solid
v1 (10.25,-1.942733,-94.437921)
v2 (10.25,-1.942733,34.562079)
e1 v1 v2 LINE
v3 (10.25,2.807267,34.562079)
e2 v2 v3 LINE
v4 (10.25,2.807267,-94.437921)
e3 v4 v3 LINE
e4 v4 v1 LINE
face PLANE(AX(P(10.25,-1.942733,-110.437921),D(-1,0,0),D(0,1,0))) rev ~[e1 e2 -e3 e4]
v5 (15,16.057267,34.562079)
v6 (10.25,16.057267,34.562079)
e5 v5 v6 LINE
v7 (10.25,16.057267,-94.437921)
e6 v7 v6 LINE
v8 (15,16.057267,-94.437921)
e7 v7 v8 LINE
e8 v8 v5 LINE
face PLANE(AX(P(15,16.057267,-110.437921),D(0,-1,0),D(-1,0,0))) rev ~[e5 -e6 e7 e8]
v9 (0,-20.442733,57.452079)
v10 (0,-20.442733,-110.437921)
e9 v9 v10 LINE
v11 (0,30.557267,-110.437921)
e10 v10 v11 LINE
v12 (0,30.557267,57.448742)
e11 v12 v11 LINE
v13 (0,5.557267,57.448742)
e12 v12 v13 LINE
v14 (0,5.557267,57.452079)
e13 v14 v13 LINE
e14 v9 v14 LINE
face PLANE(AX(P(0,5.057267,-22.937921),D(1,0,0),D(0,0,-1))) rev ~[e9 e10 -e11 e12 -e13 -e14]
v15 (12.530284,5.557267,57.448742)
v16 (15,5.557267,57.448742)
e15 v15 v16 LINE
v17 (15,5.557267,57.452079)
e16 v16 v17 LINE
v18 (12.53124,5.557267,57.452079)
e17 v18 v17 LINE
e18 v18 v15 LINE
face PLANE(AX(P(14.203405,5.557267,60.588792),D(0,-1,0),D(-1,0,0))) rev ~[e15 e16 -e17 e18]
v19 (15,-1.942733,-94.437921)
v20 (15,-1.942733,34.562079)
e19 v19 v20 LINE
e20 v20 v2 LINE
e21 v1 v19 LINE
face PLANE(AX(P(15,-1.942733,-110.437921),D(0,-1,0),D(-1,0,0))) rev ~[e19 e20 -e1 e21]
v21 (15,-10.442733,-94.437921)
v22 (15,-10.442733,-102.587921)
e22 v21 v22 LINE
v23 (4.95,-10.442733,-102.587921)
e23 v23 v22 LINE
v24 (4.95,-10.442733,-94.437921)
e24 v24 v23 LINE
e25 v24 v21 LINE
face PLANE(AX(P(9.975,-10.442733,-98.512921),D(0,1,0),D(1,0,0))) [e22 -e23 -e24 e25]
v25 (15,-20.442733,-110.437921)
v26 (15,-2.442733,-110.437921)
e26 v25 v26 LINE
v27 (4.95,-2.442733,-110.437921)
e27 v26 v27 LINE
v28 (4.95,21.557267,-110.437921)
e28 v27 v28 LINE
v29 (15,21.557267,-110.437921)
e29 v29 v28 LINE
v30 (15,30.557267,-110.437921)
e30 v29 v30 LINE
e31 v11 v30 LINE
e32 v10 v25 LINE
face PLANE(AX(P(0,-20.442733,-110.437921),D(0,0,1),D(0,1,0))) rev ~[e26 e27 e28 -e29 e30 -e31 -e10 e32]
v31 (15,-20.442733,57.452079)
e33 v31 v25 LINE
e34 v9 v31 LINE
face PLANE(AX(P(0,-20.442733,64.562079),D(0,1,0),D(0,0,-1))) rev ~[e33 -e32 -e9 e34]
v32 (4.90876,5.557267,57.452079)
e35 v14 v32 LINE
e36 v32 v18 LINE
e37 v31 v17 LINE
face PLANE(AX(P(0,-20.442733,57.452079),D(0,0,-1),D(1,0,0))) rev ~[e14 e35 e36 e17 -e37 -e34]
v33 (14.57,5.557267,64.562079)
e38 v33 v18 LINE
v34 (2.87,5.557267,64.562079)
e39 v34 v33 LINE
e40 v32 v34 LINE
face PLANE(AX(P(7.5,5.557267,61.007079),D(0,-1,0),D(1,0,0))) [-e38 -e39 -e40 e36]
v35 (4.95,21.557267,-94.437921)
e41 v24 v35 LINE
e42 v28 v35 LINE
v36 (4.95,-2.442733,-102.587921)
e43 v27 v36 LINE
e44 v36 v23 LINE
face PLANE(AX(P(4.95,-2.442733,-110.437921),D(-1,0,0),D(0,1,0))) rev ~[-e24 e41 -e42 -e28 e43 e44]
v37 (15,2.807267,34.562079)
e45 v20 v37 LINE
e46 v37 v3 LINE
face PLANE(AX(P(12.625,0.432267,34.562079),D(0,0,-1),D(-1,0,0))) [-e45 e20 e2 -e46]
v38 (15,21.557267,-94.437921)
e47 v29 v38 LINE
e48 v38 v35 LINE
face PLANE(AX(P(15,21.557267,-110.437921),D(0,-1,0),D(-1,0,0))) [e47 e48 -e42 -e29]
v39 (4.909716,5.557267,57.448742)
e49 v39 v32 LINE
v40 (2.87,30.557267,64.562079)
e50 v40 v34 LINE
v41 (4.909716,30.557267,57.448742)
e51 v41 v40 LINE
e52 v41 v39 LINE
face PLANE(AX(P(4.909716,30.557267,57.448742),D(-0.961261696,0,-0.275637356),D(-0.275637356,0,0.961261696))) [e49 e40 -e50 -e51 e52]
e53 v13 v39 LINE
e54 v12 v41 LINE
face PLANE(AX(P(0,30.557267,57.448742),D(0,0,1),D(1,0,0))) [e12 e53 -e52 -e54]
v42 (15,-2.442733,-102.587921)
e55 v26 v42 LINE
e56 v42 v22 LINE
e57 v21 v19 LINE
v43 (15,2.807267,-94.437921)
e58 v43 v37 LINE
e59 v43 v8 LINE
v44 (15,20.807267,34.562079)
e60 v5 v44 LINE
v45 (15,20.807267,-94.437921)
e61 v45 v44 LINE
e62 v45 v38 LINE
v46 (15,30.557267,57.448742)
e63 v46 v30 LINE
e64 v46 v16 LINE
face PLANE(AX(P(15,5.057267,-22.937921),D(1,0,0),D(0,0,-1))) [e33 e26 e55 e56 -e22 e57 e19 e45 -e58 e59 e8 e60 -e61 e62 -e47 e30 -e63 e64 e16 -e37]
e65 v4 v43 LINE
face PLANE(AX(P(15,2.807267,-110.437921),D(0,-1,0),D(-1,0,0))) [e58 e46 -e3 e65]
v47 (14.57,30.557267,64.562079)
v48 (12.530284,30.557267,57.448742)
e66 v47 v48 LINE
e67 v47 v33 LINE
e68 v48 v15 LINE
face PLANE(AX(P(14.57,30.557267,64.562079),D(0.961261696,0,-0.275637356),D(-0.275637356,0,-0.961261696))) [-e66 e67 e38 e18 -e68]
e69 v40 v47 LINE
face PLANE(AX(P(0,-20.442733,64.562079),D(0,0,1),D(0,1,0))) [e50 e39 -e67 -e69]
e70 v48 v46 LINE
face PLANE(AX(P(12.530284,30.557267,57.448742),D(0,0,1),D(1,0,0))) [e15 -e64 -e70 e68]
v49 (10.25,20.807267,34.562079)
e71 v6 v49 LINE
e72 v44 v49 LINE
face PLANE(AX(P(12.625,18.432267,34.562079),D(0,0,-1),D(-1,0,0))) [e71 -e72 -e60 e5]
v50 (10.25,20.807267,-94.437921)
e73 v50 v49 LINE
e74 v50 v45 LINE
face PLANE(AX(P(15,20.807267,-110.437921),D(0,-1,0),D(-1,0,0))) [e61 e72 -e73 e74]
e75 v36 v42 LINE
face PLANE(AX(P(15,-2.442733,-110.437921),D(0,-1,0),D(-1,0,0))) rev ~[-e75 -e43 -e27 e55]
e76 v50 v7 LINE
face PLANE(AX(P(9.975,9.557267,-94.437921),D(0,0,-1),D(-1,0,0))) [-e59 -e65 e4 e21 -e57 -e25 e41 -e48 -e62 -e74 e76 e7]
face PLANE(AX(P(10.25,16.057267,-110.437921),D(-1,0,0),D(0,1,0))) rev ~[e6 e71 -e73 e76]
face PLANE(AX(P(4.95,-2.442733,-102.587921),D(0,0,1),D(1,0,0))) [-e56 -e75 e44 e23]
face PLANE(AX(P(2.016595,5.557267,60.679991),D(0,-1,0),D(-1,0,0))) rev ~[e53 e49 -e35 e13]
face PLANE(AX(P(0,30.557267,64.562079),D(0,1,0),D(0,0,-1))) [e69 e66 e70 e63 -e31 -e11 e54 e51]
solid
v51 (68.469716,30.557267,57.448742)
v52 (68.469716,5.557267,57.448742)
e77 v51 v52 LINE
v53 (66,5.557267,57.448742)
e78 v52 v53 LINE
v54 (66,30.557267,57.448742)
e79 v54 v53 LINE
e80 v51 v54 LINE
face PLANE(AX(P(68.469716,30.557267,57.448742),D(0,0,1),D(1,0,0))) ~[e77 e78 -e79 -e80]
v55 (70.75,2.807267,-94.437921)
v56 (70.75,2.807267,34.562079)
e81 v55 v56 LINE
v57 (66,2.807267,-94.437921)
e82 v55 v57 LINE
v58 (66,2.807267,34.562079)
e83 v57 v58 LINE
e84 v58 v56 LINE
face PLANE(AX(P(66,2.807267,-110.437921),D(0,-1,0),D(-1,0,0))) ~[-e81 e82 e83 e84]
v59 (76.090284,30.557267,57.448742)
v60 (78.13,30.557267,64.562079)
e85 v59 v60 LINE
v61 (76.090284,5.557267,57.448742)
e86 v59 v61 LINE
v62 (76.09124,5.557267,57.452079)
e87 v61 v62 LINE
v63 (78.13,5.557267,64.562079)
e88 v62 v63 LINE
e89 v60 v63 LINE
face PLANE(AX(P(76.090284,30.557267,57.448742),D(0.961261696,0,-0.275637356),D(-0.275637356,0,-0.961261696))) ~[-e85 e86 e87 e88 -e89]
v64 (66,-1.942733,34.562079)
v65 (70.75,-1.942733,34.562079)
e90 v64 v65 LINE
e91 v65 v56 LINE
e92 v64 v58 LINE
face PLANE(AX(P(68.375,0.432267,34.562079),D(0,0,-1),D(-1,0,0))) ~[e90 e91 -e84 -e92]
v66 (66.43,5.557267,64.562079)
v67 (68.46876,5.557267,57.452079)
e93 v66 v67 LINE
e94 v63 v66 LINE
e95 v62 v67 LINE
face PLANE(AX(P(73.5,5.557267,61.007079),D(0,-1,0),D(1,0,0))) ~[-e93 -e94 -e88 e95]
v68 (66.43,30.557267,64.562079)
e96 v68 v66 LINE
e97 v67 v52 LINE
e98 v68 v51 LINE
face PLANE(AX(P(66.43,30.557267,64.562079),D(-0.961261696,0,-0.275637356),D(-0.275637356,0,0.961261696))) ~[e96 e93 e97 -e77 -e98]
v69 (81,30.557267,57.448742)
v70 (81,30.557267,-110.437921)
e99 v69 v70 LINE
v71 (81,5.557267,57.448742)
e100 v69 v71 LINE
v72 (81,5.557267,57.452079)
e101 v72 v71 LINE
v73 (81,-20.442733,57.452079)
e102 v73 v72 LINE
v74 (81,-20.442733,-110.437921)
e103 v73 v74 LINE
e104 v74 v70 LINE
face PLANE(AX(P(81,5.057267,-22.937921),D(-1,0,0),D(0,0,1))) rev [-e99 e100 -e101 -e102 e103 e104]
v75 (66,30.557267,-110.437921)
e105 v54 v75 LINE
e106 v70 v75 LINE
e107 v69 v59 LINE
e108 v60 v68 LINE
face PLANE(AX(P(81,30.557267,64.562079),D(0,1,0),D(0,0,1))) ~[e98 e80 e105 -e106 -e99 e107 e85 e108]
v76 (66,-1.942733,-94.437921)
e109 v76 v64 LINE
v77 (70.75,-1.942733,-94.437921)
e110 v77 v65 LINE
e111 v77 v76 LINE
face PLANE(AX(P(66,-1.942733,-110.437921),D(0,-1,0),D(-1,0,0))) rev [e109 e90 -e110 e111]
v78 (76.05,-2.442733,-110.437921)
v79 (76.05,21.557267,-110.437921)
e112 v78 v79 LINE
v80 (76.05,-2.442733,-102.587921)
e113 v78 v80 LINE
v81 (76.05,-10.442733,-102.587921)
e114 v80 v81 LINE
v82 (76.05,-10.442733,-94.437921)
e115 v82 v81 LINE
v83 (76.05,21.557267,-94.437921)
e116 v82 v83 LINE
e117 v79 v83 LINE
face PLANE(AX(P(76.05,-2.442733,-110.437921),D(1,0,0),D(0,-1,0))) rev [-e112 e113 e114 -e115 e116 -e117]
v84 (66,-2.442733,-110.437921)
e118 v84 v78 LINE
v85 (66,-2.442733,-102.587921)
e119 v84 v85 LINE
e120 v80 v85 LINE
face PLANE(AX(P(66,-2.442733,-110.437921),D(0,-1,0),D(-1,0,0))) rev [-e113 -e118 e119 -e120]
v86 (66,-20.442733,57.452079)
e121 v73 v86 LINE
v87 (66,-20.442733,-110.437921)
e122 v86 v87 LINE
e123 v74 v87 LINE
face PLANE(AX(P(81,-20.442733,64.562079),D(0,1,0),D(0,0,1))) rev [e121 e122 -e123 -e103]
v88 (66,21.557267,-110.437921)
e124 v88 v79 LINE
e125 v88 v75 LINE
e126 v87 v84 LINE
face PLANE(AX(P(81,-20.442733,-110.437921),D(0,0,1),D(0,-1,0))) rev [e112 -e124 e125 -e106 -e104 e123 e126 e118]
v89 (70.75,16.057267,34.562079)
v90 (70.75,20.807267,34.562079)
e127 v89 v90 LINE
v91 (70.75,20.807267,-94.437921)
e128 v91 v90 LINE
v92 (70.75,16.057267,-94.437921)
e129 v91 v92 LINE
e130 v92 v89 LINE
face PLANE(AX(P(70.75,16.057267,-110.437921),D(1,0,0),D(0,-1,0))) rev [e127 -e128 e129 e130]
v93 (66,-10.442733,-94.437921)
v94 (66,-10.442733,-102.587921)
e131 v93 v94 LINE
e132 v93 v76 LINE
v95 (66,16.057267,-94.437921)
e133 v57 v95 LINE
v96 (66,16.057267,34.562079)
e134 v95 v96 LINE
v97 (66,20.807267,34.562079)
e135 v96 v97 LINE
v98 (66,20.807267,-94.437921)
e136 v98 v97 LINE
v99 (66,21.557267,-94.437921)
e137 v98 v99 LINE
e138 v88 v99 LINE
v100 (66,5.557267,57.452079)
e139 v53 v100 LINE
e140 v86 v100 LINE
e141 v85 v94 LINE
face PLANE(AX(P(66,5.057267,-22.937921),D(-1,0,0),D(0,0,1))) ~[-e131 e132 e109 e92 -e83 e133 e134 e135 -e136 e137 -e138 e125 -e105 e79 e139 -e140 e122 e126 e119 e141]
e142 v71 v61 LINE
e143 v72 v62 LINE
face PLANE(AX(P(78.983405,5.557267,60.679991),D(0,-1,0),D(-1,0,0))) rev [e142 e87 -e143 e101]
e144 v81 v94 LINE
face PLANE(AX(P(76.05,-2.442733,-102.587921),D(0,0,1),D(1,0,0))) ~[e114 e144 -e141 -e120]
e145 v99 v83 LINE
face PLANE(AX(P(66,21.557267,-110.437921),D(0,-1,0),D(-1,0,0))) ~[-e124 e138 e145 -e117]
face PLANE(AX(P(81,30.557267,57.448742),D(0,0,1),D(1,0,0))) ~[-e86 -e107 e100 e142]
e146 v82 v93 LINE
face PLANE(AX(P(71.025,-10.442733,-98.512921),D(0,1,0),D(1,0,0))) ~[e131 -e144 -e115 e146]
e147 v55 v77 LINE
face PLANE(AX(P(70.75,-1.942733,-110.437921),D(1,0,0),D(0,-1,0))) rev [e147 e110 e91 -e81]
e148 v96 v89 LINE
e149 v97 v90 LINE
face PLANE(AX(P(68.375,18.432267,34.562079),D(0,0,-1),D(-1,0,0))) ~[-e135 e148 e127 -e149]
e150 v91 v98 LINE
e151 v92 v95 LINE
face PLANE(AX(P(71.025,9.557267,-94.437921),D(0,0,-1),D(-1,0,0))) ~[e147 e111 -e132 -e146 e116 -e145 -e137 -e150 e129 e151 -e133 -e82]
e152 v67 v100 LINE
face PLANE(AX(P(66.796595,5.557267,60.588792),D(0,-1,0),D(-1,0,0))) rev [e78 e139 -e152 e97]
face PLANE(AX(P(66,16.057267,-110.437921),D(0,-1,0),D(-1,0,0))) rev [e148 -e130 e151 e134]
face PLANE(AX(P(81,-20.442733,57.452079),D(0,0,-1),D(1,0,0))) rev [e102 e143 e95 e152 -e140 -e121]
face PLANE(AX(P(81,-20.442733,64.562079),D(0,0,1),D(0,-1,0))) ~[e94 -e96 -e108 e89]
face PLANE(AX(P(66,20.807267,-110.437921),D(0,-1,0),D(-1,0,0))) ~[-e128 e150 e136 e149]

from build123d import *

# Parameters (mm, degrees)
SKETCH1_W           = 175
SKETCH1_H           = 51
BOSS_EXTRUDE1_DEPTH = 15
SKETCH7_W           = 4.75
SKETCH7_H           = 4.75
CUT_EXTRUDE5_DEPTH  = 145
SKETCH10_W          = 10.05
SKETCH10_H          = 24
CUT_EXTRUDE6_DEPTH  = 16
SKETCH11_W          = 10.05
SKETCH11_H          = 8.15
CUT_EXTRUDE7_DEPTH  = 8
CUT_EXTRUDE8_DEPTH  = 25
SKETCH13_W          = 15
SKETCH13_H          = 7.11
CUT_EXTRUDE9_DEPTH  = 26


with BuildPart() as part:
    # Sketch1 → Boss-Extrude1 (new body)
    with BuildSketch(Plane(origin=(0, 0, 0), x_dir=(0, 0, -1), z_dir=(1, 0, 0))):
        with Locations((22.937921078, 5.057266603)):
            Rectangle(SKETCH1_W, SKETCH1_H)
    extrude(amount=BOSS_EXTRUDE1_DEPTH)

    # Sketch7 → Cut-Extrude5 (cut)
    with BuildSketch(Plane(origin=(0, 0, -110.437921078), x_dir=(-1, 0, 0), z_dir=(0, 0, -1))):
        with Locations((-12.625, 0.432266603)):
            Rectangle(SKETCH7_W, SKETCH7_H)
        with Locations((-12.625, 18.432266603)):
            Rectangle(SKETCH7_W, SKETCH7_H)
    extrude(amount=-CUT_EXTRUDE5_DEPTH, mode=Mode.SUBTRACT)

    # Sketch10 → Cut-Extrude6 (cut)
    with BuildSketch(Plane(origin=(0, 0, -110.437921078), x_dir=(-1, 0, 0), z_dir=(0, 0, -1))):
        with Locations((-9.975, 9.557266603)):
            Rectangle(SKETCH10_W, SKETCH10_H)
    extrude(amount=-CUT_EXTRUDE6_DEPTH, mode=Mode.SUBTRACT)

    # Sketch11 → Cut-Extrude7 (cut)
    with BuildSketch(Plane(origin=(0, -2.442733397, 0), x_dir=(1, 0, 0), z_dir=(0, 1, 0))):
        with Locations((9.975, 98.512921078)):
            Rectangle(SKETCH11_W, SKETCH11_H)
    extrude(amount=-CUT_EXTRUDE7_DEPTH, mode=Mode.SUBTRACT)

    # Sketch12 → Cut-Extrude8 (cut)
    with BuildSketch(Plane(origin=(0, 30.557266603, 0), x_dir=(1, 0, 0), z_dir=(0, 1, 0))):
        Polygon((0, -57.448742372), (4.909716433, -57.448742372), (2.87, -64.562078922), (0, -64.562078922), align=None)
        Polygon((15, -57.448742372), (15, -64.562078922), (14.57, -64.562078922), (12.530283567, -57.448742372), align=None)
    extrude(amount=-CUT_EXTRUDE8_DEPTH, mode=Mode.SUBTRACT)

    # Sketch13 → Cut-Extrude9 (cut)
    with BuildSketch(Plane.XZ.offset(20.442733397)):
        with Locations((7.5, 61.007078922)):
            Rectangle(SKETCH13_W, SKETCH13_H)
    extrude(amount=-CUT_EXTRUDE9_DEPTH, mode=Mode.SUBTRACT)


with BuildPart() as body_2:
    # Mirror4: mirrored copy
    add(part.part.mirror(Plane(origin=(40.5, 0, 0), x_dir=(0, 0, 1), z_dir=(1, 0, 0))))


solid = Compound([part.part, body_2.part])
